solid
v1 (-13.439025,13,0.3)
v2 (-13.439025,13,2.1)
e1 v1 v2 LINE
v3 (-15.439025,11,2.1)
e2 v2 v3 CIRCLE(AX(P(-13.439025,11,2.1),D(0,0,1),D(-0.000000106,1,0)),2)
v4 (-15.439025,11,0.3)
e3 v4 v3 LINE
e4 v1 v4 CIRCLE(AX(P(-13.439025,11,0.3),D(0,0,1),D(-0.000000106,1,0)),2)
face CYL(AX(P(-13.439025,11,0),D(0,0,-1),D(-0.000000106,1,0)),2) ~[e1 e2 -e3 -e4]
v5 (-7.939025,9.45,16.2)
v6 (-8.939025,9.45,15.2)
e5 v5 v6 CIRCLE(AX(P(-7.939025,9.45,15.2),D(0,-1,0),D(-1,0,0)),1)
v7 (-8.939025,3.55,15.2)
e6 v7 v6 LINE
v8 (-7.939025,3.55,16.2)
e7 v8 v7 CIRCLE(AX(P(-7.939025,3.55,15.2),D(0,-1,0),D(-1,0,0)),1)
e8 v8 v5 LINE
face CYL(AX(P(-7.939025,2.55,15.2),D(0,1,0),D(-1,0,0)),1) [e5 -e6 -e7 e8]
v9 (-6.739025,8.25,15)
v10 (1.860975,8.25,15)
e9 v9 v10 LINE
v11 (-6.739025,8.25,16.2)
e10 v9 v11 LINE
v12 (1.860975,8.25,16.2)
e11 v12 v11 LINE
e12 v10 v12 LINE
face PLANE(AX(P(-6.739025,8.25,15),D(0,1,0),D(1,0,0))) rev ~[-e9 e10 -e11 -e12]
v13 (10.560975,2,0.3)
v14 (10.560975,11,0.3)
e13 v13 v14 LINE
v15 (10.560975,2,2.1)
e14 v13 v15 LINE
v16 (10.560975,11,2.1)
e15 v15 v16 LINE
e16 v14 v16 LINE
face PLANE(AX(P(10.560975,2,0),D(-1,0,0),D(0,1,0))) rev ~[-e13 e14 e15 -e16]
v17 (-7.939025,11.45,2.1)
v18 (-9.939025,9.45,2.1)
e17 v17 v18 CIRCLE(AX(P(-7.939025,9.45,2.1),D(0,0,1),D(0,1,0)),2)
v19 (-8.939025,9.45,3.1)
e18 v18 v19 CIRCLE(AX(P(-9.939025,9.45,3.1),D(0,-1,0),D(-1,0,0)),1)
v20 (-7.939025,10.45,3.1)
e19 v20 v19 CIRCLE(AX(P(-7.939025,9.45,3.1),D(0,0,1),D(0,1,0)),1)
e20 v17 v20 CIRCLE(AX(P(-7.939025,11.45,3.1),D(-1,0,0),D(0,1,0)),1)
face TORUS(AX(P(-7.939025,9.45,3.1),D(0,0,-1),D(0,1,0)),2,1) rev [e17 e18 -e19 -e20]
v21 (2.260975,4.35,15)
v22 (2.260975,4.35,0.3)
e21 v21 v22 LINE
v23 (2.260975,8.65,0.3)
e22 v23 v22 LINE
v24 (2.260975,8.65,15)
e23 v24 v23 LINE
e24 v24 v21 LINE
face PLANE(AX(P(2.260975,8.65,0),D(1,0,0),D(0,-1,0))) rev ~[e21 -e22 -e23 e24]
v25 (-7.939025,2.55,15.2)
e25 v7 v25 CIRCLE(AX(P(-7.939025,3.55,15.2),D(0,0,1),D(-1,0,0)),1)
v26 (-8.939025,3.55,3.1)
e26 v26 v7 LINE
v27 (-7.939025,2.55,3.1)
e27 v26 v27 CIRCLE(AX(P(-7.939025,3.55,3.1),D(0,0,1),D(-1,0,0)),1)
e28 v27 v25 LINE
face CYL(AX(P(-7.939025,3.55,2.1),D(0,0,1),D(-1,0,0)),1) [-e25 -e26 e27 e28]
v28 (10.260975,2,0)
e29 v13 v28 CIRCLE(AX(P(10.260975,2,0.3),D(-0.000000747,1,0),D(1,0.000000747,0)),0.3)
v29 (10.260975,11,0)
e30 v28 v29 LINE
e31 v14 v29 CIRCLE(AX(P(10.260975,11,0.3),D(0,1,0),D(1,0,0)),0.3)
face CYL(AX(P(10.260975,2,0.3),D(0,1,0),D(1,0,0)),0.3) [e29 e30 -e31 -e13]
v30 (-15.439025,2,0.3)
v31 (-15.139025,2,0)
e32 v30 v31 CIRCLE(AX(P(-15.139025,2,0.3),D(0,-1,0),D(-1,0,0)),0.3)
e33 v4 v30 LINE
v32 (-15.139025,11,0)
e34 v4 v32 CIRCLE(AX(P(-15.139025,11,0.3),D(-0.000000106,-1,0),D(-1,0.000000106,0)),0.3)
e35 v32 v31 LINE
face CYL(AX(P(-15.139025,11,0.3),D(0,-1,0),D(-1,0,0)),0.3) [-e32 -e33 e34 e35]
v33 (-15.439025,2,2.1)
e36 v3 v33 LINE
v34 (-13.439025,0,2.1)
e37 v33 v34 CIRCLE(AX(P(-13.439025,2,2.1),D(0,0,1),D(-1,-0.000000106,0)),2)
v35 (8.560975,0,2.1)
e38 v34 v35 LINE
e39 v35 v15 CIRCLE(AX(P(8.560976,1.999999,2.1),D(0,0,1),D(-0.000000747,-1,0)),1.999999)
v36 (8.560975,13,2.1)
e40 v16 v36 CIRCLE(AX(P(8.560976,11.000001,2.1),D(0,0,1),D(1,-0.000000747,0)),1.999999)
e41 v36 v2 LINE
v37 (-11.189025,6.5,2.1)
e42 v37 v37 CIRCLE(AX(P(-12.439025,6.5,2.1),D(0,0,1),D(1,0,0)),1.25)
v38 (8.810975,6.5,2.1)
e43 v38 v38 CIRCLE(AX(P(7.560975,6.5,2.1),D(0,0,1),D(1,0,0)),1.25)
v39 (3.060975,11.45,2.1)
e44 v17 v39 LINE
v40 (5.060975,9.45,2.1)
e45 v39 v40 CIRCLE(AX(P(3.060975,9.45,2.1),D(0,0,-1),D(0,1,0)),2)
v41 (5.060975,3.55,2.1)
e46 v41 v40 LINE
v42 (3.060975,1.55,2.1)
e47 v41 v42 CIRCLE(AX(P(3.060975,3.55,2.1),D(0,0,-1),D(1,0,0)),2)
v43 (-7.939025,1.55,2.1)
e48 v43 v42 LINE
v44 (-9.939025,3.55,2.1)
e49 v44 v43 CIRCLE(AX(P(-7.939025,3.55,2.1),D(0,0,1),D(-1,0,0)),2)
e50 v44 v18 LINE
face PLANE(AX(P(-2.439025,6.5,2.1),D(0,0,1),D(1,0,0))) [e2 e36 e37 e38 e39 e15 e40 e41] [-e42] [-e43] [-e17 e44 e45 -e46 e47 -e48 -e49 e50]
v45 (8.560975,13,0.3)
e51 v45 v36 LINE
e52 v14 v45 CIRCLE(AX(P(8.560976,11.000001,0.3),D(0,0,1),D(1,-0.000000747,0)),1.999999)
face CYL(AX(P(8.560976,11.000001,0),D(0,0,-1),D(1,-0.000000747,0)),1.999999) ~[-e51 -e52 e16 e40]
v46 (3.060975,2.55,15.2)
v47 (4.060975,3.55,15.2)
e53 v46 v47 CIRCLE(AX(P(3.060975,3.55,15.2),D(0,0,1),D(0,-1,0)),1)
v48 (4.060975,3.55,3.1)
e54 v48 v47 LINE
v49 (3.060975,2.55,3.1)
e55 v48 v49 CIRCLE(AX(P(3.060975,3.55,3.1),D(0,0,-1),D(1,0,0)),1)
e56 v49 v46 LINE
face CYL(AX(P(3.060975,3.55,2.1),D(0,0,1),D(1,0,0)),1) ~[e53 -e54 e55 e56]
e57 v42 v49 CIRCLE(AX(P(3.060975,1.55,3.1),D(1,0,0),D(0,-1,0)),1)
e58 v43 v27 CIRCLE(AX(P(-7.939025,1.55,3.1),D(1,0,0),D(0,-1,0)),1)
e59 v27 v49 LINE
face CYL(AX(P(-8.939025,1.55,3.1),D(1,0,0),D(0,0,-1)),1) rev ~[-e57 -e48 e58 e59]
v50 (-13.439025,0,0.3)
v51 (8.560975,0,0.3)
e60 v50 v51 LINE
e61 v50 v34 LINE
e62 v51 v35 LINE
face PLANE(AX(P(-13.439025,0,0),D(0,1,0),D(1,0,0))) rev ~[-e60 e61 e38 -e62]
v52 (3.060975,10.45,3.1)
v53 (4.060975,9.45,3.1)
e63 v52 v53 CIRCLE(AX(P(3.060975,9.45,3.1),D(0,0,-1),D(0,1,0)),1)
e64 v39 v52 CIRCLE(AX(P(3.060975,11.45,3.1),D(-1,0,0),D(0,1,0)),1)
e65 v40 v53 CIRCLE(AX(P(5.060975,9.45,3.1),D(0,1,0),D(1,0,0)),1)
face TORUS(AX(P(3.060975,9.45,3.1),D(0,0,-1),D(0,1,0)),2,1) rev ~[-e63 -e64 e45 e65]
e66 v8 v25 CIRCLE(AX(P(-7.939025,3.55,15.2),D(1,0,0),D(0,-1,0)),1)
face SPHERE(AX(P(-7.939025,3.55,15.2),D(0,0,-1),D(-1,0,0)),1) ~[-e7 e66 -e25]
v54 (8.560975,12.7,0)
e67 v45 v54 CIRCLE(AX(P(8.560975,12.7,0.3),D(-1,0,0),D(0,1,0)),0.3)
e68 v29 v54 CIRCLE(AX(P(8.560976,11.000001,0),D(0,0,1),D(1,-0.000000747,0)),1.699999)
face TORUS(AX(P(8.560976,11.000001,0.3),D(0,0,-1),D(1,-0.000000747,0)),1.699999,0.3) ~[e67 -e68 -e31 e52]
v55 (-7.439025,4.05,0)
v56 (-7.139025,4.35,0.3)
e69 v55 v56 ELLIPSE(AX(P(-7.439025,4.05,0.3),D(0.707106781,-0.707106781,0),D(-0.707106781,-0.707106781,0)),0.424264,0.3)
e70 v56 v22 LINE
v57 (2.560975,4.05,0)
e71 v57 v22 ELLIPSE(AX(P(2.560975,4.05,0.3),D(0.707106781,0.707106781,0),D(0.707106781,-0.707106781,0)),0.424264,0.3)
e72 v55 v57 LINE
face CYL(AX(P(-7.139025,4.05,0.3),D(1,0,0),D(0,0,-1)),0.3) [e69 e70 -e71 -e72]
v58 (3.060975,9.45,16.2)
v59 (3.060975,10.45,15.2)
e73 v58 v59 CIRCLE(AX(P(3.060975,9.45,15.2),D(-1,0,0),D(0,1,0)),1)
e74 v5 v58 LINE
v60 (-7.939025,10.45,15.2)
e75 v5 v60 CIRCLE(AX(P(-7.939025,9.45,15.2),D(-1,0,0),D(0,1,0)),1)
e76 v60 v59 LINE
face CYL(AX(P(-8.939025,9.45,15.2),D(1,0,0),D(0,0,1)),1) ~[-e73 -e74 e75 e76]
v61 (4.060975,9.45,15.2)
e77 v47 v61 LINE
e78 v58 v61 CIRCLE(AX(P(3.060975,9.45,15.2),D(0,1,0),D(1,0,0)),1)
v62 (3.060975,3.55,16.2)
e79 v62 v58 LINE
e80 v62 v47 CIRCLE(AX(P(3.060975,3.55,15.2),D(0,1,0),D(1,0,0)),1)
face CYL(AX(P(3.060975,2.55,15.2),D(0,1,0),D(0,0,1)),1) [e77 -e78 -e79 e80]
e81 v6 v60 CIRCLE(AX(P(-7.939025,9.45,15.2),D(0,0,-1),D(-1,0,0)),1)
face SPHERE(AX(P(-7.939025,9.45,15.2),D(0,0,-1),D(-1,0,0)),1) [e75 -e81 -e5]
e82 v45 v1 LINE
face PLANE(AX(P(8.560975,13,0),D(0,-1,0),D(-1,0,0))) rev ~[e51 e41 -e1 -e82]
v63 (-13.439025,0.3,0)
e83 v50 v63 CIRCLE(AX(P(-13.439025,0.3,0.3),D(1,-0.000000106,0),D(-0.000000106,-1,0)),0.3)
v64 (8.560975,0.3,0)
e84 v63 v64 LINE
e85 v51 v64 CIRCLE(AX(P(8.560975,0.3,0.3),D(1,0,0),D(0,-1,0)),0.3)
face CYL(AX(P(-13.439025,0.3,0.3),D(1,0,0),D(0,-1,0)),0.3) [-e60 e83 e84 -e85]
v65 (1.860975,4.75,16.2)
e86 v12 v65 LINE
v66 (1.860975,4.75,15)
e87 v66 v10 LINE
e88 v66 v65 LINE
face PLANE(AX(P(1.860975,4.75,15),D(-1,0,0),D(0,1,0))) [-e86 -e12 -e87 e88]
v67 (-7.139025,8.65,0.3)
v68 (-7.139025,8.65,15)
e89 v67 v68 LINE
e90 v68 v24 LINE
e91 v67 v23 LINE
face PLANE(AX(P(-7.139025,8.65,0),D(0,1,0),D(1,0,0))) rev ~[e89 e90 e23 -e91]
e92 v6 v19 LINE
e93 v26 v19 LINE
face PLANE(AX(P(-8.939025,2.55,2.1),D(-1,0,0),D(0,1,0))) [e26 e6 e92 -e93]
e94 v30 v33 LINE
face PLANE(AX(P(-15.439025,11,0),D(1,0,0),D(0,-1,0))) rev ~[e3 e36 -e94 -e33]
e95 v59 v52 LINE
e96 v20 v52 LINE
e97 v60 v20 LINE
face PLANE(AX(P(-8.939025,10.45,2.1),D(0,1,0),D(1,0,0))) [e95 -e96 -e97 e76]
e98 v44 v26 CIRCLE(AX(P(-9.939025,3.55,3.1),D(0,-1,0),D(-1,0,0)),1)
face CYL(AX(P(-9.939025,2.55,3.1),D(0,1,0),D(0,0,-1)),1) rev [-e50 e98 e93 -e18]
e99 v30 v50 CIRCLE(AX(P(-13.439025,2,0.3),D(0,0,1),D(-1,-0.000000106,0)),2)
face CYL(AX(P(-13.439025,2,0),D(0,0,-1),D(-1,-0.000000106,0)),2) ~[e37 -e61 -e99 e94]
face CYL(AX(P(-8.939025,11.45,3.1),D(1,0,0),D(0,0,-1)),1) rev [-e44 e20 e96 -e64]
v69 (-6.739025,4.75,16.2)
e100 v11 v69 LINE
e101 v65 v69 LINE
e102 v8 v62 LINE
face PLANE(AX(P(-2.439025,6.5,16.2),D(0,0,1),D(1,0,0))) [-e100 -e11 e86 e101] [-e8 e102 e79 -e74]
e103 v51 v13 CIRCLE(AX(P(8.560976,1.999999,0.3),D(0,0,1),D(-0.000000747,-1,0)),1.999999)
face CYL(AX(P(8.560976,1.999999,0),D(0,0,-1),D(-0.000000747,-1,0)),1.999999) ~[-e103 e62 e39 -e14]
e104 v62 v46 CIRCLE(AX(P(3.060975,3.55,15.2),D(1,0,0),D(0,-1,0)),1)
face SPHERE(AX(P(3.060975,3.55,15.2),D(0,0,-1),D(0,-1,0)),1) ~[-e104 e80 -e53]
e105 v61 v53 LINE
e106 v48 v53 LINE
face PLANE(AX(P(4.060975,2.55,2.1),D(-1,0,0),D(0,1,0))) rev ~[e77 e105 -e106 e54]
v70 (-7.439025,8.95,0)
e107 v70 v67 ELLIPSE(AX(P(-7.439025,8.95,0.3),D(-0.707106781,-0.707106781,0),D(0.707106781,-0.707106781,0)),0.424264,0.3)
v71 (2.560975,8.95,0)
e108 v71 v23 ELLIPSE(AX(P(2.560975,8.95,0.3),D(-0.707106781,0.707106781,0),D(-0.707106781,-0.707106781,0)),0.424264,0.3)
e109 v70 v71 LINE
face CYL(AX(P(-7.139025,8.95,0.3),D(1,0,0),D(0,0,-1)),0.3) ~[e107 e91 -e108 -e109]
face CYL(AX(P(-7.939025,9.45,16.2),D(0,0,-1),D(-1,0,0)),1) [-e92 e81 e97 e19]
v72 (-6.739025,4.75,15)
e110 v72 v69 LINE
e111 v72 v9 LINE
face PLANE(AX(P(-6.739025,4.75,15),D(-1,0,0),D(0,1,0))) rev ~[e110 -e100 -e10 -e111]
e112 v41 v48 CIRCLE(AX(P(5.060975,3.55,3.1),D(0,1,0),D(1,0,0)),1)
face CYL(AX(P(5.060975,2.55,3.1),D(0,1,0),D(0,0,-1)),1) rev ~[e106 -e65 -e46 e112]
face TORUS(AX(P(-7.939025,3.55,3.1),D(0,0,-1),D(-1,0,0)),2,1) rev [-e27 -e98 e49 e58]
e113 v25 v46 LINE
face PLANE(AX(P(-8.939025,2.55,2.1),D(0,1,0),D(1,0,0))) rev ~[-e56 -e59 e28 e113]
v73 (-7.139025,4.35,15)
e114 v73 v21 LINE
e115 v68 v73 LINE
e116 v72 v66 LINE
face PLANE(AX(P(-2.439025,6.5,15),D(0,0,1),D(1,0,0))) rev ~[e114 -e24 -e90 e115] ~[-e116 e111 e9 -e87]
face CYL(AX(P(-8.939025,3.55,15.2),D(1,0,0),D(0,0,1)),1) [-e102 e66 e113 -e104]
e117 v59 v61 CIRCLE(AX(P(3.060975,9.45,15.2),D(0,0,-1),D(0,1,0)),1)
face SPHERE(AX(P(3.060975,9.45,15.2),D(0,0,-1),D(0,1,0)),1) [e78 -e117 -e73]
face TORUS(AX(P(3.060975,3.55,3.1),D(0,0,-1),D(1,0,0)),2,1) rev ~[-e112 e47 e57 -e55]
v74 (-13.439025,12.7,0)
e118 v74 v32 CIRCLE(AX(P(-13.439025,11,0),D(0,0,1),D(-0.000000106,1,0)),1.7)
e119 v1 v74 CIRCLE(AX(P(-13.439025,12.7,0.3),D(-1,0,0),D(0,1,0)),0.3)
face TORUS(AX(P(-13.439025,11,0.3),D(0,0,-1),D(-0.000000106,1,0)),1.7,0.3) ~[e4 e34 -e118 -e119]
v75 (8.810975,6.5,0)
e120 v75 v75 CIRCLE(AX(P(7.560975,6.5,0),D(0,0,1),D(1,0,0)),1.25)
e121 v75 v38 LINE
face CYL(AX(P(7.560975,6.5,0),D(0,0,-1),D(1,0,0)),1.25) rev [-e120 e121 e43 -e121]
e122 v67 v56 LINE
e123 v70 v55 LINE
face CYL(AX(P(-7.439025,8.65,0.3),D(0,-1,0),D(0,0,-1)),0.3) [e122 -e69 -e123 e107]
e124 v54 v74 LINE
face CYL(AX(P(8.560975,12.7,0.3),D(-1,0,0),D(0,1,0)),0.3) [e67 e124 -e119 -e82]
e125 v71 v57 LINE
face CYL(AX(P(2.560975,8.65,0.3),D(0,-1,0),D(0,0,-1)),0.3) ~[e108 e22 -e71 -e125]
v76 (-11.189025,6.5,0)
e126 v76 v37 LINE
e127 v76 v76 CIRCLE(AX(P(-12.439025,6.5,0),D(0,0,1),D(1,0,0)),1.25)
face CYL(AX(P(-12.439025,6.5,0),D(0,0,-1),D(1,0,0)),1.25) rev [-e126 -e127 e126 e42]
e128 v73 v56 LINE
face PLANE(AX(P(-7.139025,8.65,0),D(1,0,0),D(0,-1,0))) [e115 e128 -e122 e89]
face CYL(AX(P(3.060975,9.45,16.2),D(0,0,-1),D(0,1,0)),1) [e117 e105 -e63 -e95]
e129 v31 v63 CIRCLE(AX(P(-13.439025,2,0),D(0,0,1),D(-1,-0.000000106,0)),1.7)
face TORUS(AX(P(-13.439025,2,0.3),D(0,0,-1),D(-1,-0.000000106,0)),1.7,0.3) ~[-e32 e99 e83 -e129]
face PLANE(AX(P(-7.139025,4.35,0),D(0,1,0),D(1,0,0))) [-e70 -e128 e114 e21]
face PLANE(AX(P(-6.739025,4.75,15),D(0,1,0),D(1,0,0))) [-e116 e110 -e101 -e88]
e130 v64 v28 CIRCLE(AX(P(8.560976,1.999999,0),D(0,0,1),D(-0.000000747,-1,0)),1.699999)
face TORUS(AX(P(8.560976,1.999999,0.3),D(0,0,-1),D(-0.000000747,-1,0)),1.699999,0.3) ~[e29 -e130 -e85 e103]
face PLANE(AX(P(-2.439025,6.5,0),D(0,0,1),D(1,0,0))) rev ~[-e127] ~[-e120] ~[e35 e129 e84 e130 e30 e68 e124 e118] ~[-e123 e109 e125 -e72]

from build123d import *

# Parameters (mm, degrees)
F0_R     = 1.25
F1_DEPTH = 2.1
F2_W     = 9.4
F2_H     = 4.3
F3_DEPTH = 15
F4_W     = 13
F4_H     = 7.9
F5_DEPTH = 12.9
F6_W     = 13
F6_H     = 7.9
F7_DEPTH = 1.2
F8_W     = 8.6
F8_H     = 3.5
F9_DEPTH = 25
F13_R    = 1
F14_R    = 0.3


with BuildPart() as f1:
    # F0 (on Top) → F1 (new body)
    with BuildSketch(Plane.XY):
        with BuildLine():
            Line((8.560975, 13), (-13.439025, 13))
            ThreePointArc((-13.439025, 13), (-14.853238, 12.414214), (-15.439025, 11))
            Line((-15.439025, 11), (-15.439025, 2))
            ThreePointArc((-15.439025, 2), (-14.853238, 0.585786), (-13.439025, 0))
            Line((-13.439025, 0), (8.560975, 0))
            ThreePointArc((8.560975, 0), (9.975189, 0.585786), (10.560975, 2))
            Line((10.560975, 2), (10.560975, 11))
            ThreePointArc((10.560975, 11), (9.975189, 12.414214), (8.560975, 13))
        make_face()
        with Locations((-12.439025, 6.5)):
            Circle(F0_R, mode=Mode.SUBTRACT)
        with Locations((7.560975, 6.5)):
            Circle(F0_R, mode=Mode.SUBTRACT)
    extrude(amount=F1_DEPTH)


with BuildPart() as f3:
    # F2 (on face) → F3 (new body)
    with BuildSketch(Plane(origin=(0, 0, 0), x_dir=(1, 0, 0), z_dir=(0, 0, -1))):
        with Locations((-2.439025, -6.5)):
            Rectangle(F2_W, F2_H)
    extrude(amount=-F3_DEPTH)


with BuildPart() as f5:
    # F4 (on face) → F5 (new body, through all)
    with BuildSketch(Plane.XY.offset(2.1)):
        with Locations((-2.439025, 6.5)):
            Rectangle(F4_W, F4_H)
    extrude(amount=F5_DEPTH)

    # F11: cut F3
    add(f3.part, mode=Mode.SUBTRACT)


with BuildPart() as f7:
    # F6 (on face) → F7 (new body)
    with BuildSketch(Plane.XY.offset(15)):
        with Locations((-2.439025, 6.5)):
            Rectangle(F6_W, F6_H)
    extrude(amount=F7_DEPTH)


with BuildPart() as f9:
    # F8 (on face) → F9 (new body)
    with BuildSketch(Plane.XY.offset(15)):
        with Locations((-2.439025, 6.5)):
            Rectangle(F8_W, F8_H)
    extrude(amount=F9_DEPTH)


with BuildPart() as f7_1:
    add(f7.part)

    # F10: cut F9
    add(f9.part, mode=Mode.SUBTRACT)


with BuildPart() as f1_1:
    add(f1.part)

    # F11: cut F3
    add(f3.part, mode=Mode.SUBTRACT)


with BuildPart() as f7_2:
    add(f7_1.part)

    # F12: union F5, F1
    add(f5.part)
    add(f1_1.part)

    # F13
    f13_edges = [f7_2.edges().sort_by_distance(p)[0] for p in [
        (-2.439025, 10.45, 2.1),
        (4.060975, 6.5, 2.1),
        (-8.939025, 6.5, 2.1),
        (-2.439025, 2.55, 2.1),
        (-8.939025, 10.45, 9.15),
        (-8.939025, 2.55, 9.15),
        (4.060975, 10.45, 9.15),
        (4.060975, 2.55, 9.15),
        (-8.939025, 6.5, 16.2),
        (-2.439025, 10.45, 16.2),
        (-2.439025, 2.55, 16.2),
        (4.060975, 6.5, 16.2),
    ]]
    fillet(f13_edges, radius=F13_R)

    # F14
    f14_edges = [f7_2.edges().sort_by_distance(p)[0] for p in [
        (2.260975, 6.5, 0),
        (-2.439025, 8.65, 0),
        (-7.139025, 6.5, 0),
        (-2.439025, 4.35, 0),
        (-2.439025, 13, 0),
    ]]
    fillet(f14_edges, radius=F14_R)


solid = f7_2.part
